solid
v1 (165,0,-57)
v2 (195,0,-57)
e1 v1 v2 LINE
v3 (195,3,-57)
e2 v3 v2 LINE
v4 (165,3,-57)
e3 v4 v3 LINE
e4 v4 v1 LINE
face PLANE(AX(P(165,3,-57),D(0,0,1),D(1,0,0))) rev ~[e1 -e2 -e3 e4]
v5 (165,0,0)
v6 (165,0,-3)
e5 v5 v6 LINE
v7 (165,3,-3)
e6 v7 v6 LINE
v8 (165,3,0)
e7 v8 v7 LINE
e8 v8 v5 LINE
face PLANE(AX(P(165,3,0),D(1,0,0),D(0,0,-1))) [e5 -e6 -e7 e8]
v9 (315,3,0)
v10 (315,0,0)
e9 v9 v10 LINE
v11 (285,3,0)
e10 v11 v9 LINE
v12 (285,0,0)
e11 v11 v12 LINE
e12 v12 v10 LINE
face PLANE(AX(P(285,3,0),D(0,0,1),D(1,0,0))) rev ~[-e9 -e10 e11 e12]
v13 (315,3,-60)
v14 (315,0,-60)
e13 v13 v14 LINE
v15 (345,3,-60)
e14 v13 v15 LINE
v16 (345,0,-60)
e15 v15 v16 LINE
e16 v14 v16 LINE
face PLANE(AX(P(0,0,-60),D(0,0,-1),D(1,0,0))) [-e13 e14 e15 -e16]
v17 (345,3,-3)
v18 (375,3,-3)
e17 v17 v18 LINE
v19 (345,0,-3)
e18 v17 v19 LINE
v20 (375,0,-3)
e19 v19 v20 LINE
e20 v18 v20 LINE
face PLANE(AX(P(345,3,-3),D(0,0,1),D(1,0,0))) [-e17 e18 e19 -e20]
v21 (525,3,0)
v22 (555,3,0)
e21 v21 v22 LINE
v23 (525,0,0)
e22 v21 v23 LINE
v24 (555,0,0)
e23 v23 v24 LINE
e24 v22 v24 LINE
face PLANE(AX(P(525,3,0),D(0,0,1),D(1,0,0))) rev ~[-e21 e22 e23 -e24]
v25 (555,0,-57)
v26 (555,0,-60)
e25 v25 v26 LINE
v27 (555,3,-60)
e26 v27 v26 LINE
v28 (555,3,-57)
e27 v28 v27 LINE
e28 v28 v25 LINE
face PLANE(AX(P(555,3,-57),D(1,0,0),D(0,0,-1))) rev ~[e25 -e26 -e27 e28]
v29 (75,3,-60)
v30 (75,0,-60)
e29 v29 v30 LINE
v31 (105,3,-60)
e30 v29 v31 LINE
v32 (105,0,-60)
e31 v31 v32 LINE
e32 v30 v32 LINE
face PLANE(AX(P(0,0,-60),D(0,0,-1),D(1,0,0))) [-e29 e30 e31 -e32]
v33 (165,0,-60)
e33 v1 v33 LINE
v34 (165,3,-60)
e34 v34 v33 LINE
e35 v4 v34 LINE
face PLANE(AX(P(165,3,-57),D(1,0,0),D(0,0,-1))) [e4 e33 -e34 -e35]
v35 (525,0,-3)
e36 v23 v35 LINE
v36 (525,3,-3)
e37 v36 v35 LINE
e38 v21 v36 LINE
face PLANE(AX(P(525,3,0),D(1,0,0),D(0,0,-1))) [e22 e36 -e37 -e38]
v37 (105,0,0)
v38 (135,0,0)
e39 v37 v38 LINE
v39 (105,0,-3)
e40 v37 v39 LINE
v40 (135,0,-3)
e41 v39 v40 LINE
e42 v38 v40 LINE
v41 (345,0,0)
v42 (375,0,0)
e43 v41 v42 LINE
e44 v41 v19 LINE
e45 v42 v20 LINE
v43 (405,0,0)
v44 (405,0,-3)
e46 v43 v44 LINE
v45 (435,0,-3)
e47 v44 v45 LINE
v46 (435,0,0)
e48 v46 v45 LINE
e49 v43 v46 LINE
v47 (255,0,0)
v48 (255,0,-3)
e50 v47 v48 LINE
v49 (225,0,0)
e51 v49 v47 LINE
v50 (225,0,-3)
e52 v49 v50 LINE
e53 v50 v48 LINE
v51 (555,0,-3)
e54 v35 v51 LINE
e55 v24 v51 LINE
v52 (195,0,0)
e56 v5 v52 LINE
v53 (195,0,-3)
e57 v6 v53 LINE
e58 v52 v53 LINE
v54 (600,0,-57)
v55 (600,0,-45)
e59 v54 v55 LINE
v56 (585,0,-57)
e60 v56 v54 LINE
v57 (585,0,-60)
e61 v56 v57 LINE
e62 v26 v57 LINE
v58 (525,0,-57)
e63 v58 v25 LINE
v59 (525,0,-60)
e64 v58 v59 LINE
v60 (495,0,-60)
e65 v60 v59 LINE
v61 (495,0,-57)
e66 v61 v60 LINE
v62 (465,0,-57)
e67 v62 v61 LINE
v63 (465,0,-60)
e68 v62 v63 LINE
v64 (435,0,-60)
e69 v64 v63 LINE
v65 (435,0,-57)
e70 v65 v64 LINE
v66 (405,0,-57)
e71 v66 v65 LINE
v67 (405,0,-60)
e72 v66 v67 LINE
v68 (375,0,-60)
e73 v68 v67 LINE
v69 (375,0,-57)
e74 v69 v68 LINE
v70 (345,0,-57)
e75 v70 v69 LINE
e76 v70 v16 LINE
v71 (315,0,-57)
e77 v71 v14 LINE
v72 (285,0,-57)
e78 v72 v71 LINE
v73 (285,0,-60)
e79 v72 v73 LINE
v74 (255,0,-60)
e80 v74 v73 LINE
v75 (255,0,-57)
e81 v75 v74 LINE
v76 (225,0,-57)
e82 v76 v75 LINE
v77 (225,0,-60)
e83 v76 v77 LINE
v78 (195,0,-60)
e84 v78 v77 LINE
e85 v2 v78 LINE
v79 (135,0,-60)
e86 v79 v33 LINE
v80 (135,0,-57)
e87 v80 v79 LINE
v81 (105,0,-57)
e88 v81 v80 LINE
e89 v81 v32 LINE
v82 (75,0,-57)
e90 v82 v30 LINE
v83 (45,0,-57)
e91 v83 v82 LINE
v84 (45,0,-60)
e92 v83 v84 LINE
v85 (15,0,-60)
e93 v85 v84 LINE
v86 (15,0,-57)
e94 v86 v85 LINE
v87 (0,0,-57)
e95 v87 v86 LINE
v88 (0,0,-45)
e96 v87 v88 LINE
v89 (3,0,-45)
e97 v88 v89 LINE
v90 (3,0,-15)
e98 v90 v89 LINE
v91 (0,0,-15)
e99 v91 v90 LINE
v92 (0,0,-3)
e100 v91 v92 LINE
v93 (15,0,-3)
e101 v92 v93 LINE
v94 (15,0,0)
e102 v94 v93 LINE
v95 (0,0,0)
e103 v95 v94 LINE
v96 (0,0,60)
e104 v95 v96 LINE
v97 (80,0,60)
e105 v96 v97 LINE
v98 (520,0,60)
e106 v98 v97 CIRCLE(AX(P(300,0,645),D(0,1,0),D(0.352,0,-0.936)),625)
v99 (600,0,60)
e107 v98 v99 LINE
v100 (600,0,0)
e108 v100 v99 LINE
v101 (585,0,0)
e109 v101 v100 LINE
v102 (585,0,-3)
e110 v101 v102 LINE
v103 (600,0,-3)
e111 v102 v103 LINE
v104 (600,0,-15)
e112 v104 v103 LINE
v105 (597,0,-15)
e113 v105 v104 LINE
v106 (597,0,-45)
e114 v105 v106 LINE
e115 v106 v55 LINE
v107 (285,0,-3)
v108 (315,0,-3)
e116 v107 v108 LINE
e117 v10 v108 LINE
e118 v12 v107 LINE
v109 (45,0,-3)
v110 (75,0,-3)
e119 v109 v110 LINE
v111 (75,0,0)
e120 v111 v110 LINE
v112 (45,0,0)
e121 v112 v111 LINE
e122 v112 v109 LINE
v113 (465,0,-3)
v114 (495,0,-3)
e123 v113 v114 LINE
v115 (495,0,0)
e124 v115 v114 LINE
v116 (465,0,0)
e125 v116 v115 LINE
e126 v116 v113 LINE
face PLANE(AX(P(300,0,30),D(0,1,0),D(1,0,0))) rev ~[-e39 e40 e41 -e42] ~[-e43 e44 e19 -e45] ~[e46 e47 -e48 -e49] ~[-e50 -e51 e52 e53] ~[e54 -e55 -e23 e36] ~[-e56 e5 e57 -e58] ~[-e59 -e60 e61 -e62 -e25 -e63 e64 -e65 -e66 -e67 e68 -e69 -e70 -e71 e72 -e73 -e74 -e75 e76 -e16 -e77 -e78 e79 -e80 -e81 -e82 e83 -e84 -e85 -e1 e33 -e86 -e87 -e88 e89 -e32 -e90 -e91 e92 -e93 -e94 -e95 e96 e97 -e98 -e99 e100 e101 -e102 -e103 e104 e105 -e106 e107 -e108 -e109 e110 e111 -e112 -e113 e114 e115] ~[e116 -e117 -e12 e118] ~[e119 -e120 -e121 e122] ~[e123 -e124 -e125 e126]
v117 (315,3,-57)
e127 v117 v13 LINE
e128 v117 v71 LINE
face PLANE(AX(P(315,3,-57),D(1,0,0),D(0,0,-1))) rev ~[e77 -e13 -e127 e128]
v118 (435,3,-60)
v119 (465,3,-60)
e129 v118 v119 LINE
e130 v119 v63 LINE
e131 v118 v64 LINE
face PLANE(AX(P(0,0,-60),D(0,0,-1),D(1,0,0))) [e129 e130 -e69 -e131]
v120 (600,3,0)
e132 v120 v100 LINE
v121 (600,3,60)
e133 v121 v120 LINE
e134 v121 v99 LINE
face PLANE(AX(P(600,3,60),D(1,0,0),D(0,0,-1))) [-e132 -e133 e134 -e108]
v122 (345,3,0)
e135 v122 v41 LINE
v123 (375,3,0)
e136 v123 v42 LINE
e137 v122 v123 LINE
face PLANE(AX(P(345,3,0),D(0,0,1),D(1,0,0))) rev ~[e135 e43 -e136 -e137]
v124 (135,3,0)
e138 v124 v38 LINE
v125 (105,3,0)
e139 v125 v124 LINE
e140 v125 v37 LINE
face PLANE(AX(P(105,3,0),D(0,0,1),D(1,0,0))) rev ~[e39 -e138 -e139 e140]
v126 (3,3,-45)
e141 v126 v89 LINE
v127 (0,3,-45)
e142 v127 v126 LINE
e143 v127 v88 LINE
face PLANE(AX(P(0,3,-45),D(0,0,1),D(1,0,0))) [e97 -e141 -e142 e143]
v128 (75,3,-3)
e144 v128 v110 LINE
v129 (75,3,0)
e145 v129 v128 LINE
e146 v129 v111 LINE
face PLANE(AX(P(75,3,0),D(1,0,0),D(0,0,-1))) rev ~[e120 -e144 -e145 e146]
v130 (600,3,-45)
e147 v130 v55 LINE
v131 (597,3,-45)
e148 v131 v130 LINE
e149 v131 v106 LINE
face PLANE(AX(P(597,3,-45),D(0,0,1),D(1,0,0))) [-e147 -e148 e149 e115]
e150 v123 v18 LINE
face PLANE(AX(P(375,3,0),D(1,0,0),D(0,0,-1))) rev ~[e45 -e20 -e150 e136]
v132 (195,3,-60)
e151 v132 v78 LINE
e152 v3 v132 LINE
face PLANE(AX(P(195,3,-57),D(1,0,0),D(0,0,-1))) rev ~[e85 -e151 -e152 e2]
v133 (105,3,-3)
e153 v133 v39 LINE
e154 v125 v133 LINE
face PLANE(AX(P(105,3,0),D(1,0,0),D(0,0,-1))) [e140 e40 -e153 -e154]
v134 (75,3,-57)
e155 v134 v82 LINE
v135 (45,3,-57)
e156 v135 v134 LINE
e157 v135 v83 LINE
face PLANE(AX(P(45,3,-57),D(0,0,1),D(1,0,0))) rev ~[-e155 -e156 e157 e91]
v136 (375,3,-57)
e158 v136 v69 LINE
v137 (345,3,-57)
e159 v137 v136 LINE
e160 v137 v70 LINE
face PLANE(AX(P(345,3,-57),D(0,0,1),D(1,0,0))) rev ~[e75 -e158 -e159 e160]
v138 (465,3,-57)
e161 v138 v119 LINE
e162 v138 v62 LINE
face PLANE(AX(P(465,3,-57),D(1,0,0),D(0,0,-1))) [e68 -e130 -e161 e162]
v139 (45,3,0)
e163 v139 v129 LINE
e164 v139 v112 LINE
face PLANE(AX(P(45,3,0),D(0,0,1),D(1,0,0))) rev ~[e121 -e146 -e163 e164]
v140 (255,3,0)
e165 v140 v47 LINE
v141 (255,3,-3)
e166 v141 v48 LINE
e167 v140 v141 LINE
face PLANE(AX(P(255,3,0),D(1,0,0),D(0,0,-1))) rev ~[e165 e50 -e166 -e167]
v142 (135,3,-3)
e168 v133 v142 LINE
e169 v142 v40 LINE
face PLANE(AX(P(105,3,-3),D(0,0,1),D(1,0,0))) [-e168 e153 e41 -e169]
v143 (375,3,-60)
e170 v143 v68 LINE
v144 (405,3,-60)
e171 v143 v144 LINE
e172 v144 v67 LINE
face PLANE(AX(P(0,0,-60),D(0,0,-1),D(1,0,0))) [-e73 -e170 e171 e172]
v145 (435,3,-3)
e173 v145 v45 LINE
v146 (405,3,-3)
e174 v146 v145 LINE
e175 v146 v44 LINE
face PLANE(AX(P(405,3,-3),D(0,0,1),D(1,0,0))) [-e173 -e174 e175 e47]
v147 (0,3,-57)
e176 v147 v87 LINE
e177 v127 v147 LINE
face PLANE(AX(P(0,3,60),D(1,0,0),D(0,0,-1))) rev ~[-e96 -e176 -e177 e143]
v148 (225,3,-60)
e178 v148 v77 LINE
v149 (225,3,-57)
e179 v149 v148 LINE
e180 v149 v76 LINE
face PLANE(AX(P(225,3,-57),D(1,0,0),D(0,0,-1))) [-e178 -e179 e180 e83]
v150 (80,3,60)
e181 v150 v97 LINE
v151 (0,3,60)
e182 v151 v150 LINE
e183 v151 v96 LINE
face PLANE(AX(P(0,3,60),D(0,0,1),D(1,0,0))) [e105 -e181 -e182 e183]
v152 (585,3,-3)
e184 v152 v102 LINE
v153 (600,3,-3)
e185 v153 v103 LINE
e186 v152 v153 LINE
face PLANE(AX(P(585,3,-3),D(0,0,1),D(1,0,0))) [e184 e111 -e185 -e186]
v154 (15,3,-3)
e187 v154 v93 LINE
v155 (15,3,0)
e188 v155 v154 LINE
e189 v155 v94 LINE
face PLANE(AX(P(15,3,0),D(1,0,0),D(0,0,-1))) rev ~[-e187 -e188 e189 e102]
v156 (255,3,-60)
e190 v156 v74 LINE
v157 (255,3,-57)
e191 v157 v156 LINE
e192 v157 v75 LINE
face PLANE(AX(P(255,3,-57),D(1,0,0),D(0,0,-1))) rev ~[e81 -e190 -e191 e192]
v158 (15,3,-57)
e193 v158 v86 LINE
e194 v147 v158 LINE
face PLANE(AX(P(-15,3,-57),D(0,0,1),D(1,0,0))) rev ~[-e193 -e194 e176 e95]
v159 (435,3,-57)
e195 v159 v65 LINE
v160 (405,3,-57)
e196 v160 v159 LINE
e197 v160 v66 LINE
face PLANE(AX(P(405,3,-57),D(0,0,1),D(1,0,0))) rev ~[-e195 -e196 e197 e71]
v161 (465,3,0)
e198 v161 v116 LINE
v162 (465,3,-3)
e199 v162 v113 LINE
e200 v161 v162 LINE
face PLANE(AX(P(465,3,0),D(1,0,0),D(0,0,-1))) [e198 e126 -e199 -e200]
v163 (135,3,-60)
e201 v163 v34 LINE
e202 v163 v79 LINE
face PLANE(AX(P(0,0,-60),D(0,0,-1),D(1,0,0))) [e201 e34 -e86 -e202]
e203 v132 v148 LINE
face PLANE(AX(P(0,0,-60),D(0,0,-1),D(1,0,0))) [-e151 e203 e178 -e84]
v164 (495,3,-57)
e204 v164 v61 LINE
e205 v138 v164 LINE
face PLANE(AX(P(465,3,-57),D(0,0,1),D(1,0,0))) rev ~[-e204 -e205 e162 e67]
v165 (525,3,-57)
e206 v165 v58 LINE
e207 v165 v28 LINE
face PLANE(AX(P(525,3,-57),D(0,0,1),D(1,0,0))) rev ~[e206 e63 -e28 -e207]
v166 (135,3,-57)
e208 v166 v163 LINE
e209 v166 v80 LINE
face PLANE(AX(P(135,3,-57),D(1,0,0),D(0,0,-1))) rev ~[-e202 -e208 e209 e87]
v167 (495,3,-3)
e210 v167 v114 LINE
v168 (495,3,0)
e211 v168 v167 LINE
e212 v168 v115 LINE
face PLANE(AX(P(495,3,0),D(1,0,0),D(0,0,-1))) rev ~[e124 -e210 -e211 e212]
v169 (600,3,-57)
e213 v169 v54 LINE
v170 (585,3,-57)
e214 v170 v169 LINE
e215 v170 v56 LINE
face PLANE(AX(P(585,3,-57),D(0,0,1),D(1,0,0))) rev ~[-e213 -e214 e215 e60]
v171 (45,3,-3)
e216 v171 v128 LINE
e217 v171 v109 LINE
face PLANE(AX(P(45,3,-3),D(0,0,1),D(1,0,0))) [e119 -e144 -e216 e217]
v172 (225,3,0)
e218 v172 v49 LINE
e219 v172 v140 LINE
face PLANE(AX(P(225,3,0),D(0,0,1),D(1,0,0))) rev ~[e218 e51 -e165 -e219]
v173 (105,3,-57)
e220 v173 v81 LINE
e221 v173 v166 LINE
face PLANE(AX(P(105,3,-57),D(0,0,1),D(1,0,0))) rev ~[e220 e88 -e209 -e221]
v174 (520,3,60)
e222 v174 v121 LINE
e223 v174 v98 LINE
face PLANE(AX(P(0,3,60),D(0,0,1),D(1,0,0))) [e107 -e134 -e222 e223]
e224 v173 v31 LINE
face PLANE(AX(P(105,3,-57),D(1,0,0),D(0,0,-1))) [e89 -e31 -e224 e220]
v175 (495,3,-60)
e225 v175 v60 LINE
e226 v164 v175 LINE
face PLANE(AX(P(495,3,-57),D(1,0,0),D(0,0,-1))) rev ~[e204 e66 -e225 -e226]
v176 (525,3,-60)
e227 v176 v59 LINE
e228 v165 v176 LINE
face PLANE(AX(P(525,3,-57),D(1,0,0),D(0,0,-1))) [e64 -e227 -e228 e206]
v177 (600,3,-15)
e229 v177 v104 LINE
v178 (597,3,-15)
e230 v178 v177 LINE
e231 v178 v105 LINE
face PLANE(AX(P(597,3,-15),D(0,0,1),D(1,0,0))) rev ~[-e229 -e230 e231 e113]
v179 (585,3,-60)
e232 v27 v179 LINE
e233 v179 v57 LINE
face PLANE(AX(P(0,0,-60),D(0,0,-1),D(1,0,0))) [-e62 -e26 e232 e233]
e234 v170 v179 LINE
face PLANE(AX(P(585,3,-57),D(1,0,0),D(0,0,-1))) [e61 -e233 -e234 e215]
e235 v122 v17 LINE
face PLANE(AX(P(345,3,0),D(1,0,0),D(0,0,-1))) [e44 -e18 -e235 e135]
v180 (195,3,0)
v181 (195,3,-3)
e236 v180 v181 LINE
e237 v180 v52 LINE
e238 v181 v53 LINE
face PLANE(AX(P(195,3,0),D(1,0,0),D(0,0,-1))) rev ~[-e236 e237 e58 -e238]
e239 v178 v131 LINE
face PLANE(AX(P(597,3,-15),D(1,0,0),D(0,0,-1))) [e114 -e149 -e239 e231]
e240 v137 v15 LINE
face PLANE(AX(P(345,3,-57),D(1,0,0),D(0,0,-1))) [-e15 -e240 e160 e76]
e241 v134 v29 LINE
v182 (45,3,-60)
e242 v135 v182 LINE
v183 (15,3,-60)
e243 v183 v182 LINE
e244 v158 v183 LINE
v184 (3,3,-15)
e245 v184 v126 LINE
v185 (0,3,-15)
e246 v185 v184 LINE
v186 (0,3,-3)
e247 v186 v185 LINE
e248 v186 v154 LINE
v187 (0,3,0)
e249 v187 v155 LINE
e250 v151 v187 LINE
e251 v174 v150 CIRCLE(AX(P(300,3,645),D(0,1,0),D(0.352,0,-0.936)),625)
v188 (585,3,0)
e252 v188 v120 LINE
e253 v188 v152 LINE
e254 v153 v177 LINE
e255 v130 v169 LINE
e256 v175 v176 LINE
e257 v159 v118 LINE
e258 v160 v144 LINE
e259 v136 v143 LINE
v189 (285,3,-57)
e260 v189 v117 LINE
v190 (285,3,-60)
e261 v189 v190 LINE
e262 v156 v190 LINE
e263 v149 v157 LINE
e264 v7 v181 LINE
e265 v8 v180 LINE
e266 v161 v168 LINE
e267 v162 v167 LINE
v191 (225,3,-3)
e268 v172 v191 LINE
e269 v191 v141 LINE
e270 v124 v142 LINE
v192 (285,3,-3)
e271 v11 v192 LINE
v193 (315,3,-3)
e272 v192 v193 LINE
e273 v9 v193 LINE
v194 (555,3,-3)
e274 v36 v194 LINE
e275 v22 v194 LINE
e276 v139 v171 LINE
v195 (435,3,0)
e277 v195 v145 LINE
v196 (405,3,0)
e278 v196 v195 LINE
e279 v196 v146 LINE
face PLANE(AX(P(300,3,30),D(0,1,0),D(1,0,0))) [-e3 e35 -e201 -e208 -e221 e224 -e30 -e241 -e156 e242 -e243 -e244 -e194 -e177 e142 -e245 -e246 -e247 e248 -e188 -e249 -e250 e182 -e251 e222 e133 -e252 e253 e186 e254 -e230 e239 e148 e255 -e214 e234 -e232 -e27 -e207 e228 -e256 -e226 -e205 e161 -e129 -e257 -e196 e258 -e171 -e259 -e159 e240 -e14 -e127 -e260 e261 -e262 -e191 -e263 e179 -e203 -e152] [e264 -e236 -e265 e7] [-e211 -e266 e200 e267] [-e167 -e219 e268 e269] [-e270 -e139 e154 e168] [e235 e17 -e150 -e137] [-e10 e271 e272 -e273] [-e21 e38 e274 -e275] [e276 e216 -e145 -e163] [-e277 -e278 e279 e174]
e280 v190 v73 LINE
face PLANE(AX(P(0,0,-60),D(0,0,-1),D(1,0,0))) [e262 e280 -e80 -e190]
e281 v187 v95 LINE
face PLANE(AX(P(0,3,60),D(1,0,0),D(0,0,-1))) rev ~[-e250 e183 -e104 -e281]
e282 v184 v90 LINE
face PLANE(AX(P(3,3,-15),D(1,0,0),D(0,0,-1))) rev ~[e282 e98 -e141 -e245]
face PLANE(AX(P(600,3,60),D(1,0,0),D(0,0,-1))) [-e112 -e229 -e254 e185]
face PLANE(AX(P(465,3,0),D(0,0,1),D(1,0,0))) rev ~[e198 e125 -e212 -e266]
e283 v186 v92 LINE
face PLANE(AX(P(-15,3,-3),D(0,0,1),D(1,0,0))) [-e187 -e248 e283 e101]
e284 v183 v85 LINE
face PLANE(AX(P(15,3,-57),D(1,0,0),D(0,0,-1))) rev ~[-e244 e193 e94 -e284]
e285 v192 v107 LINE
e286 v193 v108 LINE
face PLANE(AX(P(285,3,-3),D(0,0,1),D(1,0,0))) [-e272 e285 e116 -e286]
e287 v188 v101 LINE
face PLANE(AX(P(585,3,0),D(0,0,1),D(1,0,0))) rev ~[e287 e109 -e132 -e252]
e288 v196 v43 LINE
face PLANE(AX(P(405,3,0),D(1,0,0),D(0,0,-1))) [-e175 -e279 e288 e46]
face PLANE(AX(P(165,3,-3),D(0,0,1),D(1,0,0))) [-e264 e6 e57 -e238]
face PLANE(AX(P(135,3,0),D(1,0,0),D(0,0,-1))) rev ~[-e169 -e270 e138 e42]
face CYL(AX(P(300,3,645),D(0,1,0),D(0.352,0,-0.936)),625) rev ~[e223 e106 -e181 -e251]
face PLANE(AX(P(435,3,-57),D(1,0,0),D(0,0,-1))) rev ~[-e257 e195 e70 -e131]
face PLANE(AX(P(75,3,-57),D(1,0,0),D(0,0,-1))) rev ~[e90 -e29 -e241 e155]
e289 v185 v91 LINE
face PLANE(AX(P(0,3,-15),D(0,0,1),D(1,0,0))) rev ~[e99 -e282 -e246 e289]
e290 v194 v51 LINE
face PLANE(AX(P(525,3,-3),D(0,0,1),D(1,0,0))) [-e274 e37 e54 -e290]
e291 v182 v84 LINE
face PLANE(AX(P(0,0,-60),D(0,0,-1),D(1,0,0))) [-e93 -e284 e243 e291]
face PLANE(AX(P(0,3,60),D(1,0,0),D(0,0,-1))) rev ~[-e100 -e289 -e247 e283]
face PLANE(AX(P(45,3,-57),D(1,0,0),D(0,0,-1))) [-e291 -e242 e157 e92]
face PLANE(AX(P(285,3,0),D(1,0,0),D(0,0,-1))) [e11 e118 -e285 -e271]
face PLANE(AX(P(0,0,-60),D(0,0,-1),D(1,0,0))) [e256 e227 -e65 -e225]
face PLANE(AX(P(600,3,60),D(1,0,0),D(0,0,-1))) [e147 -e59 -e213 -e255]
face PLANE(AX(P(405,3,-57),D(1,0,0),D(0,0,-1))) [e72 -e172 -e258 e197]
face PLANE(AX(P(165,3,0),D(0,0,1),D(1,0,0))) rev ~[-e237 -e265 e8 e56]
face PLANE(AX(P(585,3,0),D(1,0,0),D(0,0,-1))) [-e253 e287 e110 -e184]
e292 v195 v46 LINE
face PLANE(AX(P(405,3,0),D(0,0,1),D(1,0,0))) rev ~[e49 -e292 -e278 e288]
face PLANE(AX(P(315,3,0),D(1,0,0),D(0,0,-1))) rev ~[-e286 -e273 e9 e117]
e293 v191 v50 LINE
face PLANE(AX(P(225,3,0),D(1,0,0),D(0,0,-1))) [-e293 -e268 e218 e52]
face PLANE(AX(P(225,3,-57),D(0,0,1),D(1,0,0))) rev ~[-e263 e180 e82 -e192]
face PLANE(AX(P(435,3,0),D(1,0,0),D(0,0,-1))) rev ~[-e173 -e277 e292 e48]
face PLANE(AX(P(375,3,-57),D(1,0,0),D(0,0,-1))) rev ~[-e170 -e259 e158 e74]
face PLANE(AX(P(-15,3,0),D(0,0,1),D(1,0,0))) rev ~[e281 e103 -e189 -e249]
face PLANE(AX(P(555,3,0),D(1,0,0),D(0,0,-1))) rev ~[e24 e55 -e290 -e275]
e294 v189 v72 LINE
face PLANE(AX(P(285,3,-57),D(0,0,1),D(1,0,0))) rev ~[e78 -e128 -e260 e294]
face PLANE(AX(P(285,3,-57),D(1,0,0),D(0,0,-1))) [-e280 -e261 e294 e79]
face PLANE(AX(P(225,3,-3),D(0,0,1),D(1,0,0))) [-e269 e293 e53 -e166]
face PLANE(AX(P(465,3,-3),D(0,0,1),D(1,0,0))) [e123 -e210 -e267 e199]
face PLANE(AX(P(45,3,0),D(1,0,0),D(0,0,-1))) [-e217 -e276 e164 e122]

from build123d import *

# Parameters (mm, degrees)
SKETCH1_W           = 600
SKETCH1_H           = 60
BOSS_EXTRUDE1_DEPTH = 3
SKETCH3_W           = 600
SKETCH3_H           = 60
BOSS_EXTRUDE2_DEPTH = 3
SKETCH2_W           = 30
SKETCH2_H           = 3
SKETCH2_W_2         = 3
SKETCH2_H_2         = 30
CUT_EXTRUDE1_DEPTH  = 5
CUT_EXTRUDE2_DEPTH  = 5


with BuildPart() as part:
    # Sketch1 → Boss-Extrude1 (new body)
    with BuildSketch(Plane(origin=(0, 0, 0), x_dir=(1, 0, 0), z_dir=(0, 1, 0))):
        with Locations((300, 30)):
            Rectangle(SKETCH1_W, SKETCH1_H)
    extrude(amount=BOSS_EXTRUDE1_DEPTH)

    # Sketch3 → Boss-Extrude2 (add)
    with BuildSketch(Plane(origin=(0, 3, 0), x_dir=(1, 0, 0), z_dir=(0, 1, 0))):
        with Locations((300, -30)):
            Rectangle(SKETCH3_W, SKETCH3_H)
    extrude(amount=-BOSS_EXTRUDE2_DEPTH)

    # Sketch2 → Cut-Extrude1 (cut)
    with BuildSketch(Plane(origin=(0, 3, 0), x_dir=(1, 0, 0), z_dir=(0, 1, 0))):
        with Locations((0, 1.5)):
            Rectangle(SKETCH2_W, SKETCH2_H)
        with Locations((60, 1.5)):
            Rectangle(SKETCH2_W, SKETCH2_H)
        with Locations((120, 1.5)):
            Rectangle(SKETCH2_W, SKETCH2_H)
        with Locations((180, 1.5)):
            Rectangle(SKETCH2_W, SKETCH2_H)
        with Locations((240, 1.5)):
            Rectangle(SKETCH2_W, SKETCH2_H)
        with Locations((300, 1.5)):
            Rectangle(SKETCH2_W, SKETCH2_H)
        with Locations((360, 1.5)):
            Rectangle(SKETCH2_W, SKETCH2_H)
        with Locations((420, 1.5)):
            Rectangle(SKETCH2_W, SKETCH2_H)
        with Locations((480, 1.5)):
            Rectangle(SKETCH2_W, SKETCH2_H)
        with Locations((540, 1.5)):
            Rectangle(SKETCH2_W, SKETCH2_H)
        with Locations((540, 58.5)):
            Rectangle(SKETCH2_W, SKETCH2_H)
        with Locations((480, 58.5)):
            Rectangle(SKETCH2_W, SKETCH2_H)
        with Locations((420, 58.5)):
            Rectangle(SKETCH2_W, SKETCH2_H)
        with Locations((360, 58.5)):
            Rectangle(SKETCH2_W, SKETCH2_H)
        with Locations((300, 58.5)):
            Rectangle(SKETCH2_W, SKETCH2_H)
        with Locations((240, 58.5)):
            Rectangle(SKETCH2_W, SKETCH2_H)
        with Locations((180, 58.5)):
            Rectangle(SKETCH2_W, SKETCH2_H)
        with Locations((120, 58.5)):
            Rectangle(SKETCH2_W, SKETCH2_H)
        with Locations((60, 58.5)):
            Rectangle(SKETCH2_W, SKETCH2_H)
        with Locations((0, 58.5)):
            Rectangle(SKETCH2_W, SKETCH2_H)
        with Locations((1.5, 30)):
            Rectangle(SKETCH2_W_2, SKETCH2_H_2)
        with Locations((598.5, 30)):
            Rectangle(SKETCH2_W_2, SKETCH2_H_2)
        with Locations((600, 1.5)):
            Rectangle(SKETCH2_W, SKETCH2_H)
        with Locations((600, 58.5)):
            Rectangle(SKETCH2_W, SKETCH2_H)
    extrude(amount=-CUT_EXTRUDE1_DEPTH, mode=Mode.SUBTRACT)

    # Sketch4 → Cut-Extrude2 (cut)
    with BuildSketch(Plane(origin=(0, 3, 0), x_dir=(1, 0, 0), z_dir=(0, 1, 0))):
        with BuildLine():
            Line((80, -60), (520, -60))
            ThreePointArc((520, -60), (300, -20), (80, -60))
        make_face()
    extrude(amount=-CUT_EXTRUDE2_DEPTH, mode=Mode.SUBTRACT)


solid = part.part
